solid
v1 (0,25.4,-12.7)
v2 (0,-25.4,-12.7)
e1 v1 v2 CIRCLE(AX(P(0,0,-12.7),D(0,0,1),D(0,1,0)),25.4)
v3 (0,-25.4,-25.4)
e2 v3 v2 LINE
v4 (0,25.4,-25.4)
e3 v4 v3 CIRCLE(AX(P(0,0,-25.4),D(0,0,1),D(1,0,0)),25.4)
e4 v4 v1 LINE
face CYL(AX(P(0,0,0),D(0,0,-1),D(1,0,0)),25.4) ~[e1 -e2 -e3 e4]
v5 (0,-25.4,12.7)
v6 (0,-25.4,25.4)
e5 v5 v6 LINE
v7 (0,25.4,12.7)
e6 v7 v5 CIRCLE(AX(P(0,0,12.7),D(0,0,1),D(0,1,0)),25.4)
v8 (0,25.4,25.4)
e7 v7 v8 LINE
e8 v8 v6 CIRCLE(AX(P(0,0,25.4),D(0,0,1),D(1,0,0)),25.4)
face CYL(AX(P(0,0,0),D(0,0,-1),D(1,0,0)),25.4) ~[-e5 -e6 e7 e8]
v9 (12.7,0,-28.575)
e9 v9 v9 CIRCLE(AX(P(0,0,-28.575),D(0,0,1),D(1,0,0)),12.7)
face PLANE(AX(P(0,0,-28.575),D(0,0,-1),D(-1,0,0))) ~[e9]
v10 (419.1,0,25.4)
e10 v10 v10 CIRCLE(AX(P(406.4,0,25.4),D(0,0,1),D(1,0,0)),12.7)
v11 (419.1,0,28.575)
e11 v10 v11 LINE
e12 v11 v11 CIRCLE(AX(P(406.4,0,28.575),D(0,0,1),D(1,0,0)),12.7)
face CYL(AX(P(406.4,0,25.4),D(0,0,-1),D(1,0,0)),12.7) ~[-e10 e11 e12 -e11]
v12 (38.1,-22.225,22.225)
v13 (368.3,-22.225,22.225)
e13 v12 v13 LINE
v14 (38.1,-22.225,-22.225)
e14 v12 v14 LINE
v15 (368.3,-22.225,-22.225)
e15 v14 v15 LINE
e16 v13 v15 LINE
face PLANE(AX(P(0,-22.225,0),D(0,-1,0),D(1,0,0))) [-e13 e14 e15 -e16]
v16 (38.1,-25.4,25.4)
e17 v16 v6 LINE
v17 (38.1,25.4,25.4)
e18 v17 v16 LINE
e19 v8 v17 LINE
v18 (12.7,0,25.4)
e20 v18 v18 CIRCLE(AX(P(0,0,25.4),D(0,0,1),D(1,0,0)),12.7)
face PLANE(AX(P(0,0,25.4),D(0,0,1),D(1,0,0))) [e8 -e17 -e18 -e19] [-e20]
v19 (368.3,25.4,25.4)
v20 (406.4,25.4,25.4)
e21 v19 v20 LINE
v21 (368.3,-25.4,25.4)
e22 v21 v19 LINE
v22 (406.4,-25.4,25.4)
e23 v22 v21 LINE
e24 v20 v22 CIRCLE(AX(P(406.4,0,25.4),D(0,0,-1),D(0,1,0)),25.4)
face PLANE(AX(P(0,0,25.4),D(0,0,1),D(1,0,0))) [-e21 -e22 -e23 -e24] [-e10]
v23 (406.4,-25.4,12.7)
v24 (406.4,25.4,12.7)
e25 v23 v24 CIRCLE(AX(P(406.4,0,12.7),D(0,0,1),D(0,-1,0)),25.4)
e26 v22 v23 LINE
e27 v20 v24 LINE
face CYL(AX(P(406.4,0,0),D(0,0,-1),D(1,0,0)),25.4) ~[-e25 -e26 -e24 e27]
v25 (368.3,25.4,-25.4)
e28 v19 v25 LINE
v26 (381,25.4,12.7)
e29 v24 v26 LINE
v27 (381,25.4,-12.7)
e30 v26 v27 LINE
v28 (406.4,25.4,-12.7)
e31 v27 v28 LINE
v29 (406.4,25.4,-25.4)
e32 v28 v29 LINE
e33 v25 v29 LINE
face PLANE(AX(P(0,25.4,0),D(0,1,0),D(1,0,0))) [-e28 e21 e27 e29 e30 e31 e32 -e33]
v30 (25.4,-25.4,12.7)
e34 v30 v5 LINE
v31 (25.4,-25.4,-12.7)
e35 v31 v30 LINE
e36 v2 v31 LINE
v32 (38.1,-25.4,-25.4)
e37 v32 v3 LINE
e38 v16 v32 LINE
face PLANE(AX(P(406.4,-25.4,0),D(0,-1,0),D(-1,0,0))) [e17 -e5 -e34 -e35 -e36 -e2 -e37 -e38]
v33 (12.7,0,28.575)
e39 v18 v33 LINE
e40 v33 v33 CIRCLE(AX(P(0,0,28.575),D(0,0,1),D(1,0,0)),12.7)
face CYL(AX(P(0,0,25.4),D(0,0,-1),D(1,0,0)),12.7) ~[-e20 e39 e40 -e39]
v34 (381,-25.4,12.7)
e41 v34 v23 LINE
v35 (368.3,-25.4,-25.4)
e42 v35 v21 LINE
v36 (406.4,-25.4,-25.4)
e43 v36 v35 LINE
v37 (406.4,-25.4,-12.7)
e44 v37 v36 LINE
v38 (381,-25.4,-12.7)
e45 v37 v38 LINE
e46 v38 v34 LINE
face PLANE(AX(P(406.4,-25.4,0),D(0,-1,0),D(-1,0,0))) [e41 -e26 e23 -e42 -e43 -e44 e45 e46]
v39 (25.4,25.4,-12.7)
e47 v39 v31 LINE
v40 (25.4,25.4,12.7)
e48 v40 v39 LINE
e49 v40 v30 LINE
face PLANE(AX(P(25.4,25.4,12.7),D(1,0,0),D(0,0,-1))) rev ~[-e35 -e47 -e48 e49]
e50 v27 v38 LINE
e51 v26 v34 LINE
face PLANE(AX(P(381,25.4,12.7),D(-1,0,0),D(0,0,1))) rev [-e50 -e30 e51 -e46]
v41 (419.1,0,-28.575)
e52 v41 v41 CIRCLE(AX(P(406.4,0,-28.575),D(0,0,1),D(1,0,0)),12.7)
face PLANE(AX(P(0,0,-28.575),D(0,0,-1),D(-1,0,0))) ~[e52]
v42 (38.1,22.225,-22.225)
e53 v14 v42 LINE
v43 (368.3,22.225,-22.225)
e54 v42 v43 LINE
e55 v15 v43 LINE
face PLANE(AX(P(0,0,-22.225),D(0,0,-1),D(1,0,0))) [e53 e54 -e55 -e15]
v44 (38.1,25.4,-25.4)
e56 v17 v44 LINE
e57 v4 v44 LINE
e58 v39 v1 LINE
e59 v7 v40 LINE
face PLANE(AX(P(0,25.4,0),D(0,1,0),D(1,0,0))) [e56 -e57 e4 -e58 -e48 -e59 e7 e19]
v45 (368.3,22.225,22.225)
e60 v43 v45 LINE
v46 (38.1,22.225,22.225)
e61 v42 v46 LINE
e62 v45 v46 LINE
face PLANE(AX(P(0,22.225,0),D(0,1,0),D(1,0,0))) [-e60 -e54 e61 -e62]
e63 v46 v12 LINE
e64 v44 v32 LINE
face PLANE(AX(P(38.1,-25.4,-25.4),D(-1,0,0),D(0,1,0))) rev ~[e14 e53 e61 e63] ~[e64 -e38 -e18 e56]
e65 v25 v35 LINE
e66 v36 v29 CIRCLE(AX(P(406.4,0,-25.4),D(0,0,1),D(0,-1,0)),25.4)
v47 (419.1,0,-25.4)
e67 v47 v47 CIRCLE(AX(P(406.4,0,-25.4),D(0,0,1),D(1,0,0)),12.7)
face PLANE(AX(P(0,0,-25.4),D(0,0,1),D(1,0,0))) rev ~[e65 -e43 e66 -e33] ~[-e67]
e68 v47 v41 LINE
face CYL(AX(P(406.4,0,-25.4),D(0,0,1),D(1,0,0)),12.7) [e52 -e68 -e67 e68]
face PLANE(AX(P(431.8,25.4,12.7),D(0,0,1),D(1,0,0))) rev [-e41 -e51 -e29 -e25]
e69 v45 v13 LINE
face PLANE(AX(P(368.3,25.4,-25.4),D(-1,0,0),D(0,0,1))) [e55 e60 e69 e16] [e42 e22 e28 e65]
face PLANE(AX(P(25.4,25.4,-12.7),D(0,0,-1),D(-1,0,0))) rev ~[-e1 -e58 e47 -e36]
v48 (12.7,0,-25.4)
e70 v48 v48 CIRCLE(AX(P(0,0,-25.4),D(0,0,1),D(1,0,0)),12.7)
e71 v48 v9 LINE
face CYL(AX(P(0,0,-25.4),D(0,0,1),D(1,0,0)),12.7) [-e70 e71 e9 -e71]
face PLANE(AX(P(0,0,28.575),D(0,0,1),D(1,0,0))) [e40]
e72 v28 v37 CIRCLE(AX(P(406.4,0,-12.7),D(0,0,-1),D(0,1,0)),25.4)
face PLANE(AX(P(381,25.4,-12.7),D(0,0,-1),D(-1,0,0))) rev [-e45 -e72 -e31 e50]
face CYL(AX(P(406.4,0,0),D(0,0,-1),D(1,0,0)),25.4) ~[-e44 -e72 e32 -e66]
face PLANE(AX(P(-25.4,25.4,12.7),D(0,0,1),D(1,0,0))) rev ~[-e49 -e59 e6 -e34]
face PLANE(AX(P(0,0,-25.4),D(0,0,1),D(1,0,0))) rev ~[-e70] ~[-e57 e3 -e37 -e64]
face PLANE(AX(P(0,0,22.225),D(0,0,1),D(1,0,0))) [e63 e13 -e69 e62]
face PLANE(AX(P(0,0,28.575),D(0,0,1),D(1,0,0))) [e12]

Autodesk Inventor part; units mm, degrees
sketch "Sketch1" plane through (0, 0, 0) normal (0, 0, 1) x (1, 0, 0)
  line L0 (0, 25.4) -> (406.4, 25.4)
  line L1 (406.4, 25.4) -> (406.4, -25.4)
  line L2 (406.4, -25.4) -> (0, -25.4)
  line L3 (0, -25.4) -> (0, 25.4)
  circle A0 centre (0, 0) radius 25.4
  circle A1 centre (406.4, 0) radius 25.4
  dimension "d0" = 406.4
  dimension "d1" = 50.8
extrude "Extrusion1" add sketch "Sketch1" along normal mid plane 50.8
sketch "Sketch2" plane through (0, 25.4, 25.4) normal (0, 1, 0) x (1, 0, 0)
  line L0 (-25.4, 50.8) -> (-25.4, 0) projected
  line L1 (-25.4, 50.8) -> (0, 50.8) projected
  line L2 (0, 0) -> (-25.4, 0) projected
  line L3 (0, 0) -> (406.4, 0) projected
  line L4 (406.4, 50.8) -> (0, 50.8) projected
  line L5 (-25.4, 12.7) -> (25.4, 12.7)
  line L6 (25.4, 12.7) -> (25.4, 38.1)
  line L7 (25.4, 38.1) -> (-25.4, 38.1)
  line L8 (-25.4, 38.1) -> (-25.4, 12.7)
  point P0 (-25.4, 25.4)
  point P1 (-25.4, 25.4)
  dimension "d4" = 25.4
  dimension "d10" = 50.8
extrude "Extrusion2" cut sketch "Sketch2" against normal through all
ref_plane "Work Plane1" through (431.8, 0, 0) normal (1, 0, 0) x (0, 1, 0)
ref_plane "Work Plane2" through (-25.4, 0, 0) normal (1, 0, 0) x (0, 1, 0)
ref_plane "Work Plane3" through (203.2, 0, 0) normal (1, 0, 0) x (0, 1, 0)
sketch "Sketch5" plane through (0, 0, 25.4) normal (0, 0, 1) x (1, 0, 0)
  arc A0 (406.4, -25.4) -> (406.4, 25.4) centre (406.4, 0) ccw projected
  line L0 (0, 25.4) -> (406.4, 25.4) projected
  arc A1 (0, 25.4) -> (0, -25.4) centre (0, 0) ccw projected
  line L1 (406.4, -25.4) -> (0, -25.4) projected
  circle A2 centre (0, 0) radius 25.4 construction
  circle A3 centre (406.4, 0) radius 25.4 construction
  line L2 (38.1, 25.4) -> (38.1, -25.4)
  line L3 (368.3, 25.4) -> (368.3, -25.4)
  dimension "d11" = 12.7
  dimension "d13" = 12.7
extrude "Extrusion4" cut sketch "Sketch5" against normal blind 3.175 contours L1 L2 L0 L3
pattern_circular "Circular Pattern1" count 4 over 360 about axis through (-10, 0, 0) along (1, 0, 0) of "Extrusion4"
mirror "Mirror1" about plane through (203.2, 0, 0) normal (1, 0, 0) of "Extrusion2"
sketch "Sketch3" plane through (0, 0, 25.4) normal (0, 0, 1) x (1, 0, 0)
  arc A0 (0, 25.4) -> (0, -25.4) centre (0, 0) ccw projected
  arc A1 (406.4, -25.4) -> (406.4, 25.4) centre (406.4, 0) ccw projected
  circle A2 centre (0, 0) radius 12.7
  circle A3 centre (406.4, 0) radius 12.7
  dimension "d7" = 25.4
extrude "Extrusion3" add sketch "Sketch3" along normal blind 3.175
mirror "Mirror2" about plane through (0, 0, 0) normal (0, 0, 1) of "Extrusion3"
equation "\"d13\" = d11"
